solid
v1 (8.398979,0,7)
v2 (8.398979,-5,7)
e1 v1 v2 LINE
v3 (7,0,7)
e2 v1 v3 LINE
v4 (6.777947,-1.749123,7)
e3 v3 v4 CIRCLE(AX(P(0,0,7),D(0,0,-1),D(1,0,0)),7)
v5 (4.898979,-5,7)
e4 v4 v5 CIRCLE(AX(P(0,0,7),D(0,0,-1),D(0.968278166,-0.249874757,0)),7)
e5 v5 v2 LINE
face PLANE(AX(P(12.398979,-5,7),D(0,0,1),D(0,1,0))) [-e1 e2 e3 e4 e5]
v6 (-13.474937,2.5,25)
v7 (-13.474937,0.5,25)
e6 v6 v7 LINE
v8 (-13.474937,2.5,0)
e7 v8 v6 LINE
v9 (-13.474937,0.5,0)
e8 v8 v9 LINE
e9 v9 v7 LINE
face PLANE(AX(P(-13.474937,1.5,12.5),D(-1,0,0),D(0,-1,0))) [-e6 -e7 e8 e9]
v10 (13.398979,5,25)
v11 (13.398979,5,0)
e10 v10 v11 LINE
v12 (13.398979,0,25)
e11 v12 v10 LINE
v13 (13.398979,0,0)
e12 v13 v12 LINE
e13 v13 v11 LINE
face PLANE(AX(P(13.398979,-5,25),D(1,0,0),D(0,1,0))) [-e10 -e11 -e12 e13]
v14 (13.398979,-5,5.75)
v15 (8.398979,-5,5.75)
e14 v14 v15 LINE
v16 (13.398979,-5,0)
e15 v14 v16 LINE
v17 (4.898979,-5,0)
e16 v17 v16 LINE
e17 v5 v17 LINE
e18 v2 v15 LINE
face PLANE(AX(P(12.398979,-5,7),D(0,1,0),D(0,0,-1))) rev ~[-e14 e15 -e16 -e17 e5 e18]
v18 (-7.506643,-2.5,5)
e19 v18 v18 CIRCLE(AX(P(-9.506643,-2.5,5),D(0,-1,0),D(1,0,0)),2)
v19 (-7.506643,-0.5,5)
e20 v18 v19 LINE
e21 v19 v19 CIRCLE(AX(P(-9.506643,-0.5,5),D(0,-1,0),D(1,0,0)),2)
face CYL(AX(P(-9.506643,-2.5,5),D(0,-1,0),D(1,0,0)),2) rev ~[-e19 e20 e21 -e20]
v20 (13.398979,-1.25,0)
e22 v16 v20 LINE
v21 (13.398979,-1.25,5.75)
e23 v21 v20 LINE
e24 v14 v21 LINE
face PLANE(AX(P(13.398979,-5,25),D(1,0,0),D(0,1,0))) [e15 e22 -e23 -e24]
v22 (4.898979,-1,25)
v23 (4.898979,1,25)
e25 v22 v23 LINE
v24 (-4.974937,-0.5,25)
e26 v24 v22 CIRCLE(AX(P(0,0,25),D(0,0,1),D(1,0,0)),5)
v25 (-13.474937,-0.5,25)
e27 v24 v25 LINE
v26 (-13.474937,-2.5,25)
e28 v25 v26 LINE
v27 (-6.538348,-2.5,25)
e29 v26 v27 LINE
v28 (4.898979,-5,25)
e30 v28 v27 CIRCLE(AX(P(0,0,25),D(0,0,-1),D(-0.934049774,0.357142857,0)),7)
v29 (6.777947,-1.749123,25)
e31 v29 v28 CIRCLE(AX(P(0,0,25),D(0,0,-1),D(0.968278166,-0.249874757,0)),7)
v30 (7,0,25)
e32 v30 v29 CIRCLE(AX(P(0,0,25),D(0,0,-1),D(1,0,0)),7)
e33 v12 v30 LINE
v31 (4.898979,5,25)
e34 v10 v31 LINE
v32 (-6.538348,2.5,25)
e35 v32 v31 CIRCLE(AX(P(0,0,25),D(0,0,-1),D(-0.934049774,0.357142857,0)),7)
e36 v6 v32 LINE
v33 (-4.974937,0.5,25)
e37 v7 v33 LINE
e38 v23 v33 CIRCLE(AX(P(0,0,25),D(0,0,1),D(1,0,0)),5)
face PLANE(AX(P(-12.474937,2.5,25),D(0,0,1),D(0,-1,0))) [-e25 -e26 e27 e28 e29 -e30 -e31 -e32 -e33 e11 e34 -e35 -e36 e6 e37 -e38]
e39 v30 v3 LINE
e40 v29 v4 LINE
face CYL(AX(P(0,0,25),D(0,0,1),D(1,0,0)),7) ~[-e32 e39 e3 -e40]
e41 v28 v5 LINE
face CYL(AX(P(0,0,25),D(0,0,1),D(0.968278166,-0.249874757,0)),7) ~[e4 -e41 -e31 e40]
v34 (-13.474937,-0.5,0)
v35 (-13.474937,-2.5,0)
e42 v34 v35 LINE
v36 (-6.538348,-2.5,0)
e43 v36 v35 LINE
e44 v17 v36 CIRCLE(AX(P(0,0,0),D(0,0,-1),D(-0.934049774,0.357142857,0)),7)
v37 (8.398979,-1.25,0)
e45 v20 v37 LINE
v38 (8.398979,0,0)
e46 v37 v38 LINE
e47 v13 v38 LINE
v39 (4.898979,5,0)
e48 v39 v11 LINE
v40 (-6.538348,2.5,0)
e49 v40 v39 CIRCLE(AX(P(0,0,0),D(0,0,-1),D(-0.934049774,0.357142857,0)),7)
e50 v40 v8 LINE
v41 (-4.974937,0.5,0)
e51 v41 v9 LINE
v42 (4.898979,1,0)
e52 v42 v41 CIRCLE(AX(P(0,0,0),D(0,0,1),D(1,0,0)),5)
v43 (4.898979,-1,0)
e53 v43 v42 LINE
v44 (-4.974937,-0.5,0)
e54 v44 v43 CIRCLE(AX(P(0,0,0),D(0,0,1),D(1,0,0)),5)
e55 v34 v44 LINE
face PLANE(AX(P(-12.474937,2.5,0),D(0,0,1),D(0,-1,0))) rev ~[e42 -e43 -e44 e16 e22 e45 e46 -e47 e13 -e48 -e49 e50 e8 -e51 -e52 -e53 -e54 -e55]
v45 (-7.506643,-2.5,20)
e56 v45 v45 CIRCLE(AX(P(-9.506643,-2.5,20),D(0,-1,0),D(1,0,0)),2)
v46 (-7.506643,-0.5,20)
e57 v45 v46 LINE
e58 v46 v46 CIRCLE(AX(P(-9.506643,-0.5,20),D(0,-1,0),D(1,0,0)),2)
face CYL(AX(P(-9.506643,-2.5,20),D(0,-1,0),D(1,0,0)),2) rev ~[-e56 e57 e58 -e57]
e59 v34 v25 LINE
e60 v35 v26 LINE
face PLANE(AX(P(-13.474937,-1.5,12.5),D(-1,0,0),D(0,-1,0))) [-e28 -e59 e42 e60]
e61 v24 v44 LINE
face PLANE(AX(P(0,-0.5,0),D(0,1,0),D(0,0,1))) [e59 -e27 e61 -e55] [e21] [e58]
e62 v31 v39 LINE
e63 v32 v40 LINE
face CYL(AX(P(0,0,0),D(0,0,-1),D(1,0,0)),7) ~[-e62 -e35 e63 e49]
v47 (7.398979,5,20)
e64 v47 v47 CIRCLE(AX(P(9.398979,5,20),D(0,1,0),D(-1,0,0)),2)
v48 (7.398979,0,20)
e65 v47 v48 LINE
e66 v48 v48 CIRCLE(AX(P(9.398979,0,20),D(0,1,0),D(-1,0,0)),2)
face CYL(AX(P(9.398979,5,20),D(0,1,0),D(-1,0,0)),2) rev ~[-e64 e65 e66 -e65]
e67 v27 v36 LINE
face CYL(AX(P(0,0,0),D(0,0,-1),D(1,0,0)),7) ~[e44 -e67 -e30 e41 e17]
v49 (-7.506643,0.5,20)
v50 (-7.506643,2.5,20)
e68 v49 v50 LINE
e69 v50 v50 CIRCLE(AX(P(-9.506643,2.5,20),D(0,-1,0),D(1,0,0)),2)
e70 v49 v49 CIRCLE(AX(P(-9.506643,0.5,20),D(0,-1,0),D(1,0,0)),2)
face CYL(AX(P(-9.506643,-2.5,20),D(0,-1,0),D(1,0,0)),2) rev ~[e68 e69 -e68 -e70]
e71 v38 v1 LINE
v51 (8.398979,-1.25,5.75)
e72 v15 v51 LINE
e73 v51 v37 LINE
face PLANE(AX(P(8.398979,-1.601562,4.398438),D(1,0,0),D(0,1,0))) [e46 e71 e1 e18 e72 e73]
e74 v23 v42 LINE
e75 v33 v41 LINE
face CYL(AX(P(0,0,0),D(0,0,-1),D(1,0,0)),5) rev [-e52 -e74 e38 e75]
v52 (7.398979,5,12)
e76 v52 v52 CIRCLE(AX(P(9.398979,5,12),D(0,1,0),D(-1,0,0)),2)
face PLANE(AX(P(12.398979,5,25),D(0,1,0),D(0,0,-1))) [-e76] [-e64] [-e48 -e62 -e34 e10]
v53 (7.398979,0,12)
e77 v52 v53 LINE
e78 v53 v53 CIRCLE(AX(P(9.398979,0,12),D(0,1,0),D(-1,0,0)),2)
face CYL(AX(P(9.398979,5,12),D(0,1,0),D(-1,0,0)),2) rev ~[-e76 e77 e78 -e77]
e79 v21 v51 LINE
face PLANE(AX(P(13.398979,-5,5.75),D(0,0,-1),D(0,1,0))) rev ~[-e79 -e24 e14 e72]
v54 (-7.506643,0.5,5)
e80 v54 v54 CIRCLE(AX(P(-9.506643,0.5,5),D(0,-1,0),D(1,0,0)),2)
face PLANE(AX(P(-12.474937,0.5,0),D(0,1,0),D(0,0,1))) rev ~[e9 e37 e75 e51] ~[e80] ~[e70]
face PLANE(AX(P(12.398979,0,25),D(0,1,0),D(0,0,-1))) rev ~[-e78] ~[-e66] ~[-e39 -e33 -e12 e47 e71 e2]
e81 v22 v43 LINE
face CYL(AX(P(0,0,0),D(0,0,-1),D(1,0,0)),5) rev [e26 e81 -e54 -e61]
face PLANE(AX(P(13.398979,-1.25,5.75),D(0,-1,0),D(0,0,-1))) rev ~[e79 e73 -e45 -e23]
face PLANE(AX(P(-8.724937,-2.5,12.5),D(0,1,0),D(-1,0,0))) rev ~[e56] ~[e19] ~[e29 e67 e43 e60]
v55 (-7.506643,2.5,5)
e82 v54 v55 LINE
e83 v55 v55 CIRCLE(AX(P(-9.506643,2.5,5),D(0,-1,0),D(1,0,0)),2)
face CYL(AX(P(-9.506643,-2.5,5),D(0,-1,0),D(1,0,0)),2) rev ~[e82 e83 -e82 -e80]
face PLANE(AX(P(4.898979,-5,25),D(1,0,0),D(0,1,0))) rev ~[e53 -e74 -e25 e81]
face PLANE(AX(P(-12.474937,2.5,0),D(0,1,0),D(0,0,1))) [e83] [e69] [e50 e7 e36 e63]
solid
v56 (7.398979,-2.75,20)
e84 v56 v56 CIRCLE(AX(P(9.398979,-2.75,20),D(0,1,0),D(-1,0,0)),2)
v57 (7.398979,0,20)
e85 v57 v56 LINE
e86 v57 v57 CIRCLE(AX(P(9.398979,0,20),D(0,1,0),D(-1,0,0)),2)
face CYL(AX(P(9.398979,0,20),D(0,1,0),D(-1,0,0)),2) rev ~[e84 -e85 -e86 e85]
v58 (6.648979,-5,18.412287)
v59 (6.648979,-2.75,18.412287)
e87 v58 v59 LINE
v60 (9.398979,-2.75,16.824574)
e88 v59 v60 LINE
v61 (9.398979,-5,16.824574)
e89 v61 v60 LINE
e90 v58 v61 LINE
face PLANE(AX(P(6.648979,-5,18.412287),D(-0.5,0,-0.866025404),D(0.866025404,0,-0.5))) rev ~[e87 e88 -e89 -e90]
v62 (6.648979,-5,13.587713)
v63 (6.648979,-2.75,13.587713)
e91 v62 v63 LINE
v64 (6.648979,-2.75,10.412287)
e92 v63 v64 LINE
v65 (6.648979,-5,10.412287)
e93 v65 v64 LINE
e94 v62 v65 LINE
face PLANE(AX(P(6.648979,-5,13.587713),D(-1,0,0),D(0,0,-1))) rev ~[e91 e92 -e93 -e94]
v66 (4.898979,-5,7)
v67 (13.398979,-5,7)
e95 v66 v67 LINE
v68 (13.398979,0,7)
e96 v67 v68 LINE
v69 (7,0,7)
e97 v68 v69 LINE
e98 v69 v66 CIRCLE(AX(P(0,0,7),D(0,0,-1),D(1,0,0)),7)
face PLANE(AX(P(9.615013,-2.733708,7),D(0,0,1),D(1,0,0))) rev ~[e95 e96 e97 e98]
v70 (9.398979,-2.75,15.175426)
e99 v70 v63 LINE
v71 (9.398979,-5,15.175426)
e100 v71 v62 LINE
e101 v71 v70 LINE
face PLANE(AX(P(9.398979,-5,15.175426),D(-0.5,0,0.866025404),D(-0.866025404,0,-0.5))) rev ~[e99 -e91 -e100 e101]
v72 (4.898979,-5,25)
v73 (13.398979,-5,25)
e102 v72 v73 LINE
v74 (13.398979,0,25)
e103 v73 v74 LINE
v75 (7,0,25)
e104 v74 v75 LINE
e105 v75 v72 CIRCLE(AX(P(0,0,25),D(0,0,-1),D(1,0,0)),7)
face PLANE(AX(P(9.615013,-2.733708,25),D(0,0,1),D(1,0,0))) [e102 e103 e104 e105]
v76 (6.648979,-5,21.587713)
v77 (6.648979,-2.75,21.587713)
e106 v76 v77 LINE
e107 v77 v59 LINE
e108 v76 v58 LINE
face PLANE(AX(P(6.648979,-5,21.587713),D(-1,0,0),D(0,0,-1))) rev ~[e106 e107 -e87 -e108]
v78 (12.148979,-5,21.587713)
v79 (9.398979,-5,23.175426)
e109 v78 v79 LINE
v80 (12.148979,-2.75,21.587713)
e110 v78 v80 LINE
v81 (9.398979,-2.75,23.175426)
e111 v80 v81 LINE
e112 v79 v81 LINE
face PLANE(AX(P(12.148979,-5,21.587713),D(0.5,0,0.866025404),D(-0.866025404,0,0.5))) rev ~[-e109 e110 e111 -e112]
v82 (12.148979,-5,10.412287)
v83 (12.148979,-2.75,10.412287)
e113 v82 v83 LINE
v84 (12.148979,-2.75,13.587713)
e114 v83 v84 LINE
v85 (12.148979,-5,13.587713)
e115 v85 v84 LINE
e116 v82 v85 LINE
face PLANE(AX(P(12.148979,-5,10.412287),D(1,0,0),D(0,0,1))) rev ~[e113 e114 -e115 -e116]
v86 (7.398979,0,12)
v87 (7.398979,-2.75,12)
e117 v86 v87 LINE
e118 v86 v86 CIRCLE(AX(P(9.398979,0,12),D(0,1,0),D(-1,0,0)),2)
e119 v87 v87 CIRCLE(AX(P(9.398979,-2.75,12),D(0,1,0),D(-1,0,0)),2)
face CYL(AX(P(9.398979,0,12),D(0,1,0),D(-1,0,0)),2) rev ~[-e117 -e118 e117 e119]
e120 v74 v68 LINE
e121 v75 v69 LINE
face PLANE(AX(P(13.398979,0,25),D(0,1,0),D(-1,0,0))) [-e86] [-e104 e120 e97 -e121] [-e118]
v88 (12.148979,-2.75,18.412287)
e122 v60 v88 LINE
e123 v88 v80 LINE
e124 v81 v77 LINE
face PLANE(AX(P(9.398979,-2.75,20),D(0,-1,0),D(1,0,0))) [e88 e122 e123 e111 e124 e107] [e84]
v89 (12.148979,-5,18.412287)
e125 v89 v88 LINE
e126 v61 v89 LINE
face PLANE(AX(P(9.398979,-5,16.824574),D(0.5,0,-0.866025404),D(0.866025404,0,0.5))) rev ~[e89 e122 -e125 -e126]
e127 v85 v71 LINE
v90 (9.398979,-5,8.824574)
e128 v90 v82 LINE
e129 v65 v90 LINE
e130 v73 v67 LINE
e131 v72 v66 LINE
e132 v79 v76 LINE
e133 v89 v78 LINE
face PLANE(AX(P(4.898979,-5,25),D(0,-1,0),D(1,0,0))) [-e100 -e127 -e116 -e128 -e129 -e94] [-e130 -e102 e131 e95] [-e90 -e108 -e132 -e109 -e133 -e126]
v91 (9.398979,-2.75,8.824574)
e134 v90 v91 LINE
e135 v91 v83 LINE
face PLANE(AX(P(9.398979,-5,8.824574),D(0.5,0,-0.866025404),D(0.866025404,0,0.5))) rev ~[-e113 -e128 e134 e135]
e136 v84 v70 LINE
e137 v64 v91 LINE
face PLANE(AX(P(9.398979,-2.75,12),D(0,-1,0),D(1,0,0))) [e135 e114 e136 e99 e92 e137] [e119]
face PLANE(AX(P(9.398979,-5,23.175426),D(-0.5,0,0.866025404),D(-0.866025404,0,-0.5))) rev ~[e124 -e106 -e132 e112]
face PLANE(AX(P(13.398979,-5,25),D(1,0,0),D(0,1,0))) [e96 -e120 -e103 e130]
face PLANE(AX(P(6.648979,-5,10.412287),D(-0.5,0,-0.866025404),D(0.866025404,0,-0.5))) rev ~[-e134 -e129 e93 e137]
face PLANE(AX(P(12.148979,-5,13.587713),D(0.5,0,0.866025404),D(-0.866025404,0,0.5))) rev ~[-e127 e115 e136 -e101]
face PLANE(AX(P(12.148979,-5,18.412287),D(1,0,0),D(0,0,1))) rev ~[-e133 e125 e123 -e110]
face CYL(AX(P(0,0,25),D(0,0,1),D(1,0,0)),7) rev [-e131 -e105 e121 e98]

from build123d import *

# Parameters (mm, degrees)
F0_R       = 7
F0_R_2     = 5
F1_DEPTH   = 25
F2_W       = 1
F2_H       = 25
F3_DEPTH   = 25
F4_W       = 7.5
F4_H       = 25
F5_DEPTH   = 2
F7_W       = 5
F7_H       = 10
F8_DEPTH   = 25
F10_DEPTH  = 18
F11_DEPTH  = 2.5
F13_DEPTH  = 18
F14_DEPTH  = 1
F16_DEPTH  = 5
F17_R      = 2
F18_DEPTH  = 12.001
F19_R      = 2
F20_DEPTH  = 9.501
F22_DEPTH  = 18
F23_R      = 2
F24_DEPTH  = 7.001
F26_DEPTH  = 2.25
F6_FACE2_W = 2
F6_FACE2_H = 25
F5_FACE1_W = 2
F5_FACE1_H = 25
F27_DEPTH  = 1


with BuildPart() as f1:
    # F0 (on Top) → F1 (new body)
    with BuildSketch(Plane.XY):
        Circle(F0_R)
        Circle(F0_R_2, mode=Mode.SUBTRACT)
    extrude(amount=F1_DEPTH)

    # F2 (on Right) → F3 (cut)
    with BuildSketch(Plane.YZ):
        with Locations((0, 12.5)):
            Rectangle(F2_W, F2_H)
    extrude(amount=-F3_DEPTH, mode=Mode.SUBTRACT)

    # F6: F5 across plane


with BuildPart() as f5:
    # F4 (on face) → F5 (new body)
    with BuildSketch(Plane(origin=(0, -0.5, 0), x_dir=(-1, 0, 0), z_dir=(0, 1, 0))):
        with Locations((8.7249371855, 12.5)):
            Rectangle(F4_W, F4_H)
    extrude(amount=-F5_DEPTH)


with BuildPart() as f1_1:
    add(f1.part)
    add(f5.part.mirror(Plane.XZ))

    # F7 (on face) → F8 (join)
    with BuildSketch(Plane.XY.offset(25)):
        with Locations((7.3989794856, 0)):
            Rectangle(F7_W, F7_H)
    extrude(amount=-F8_DEPTH)

    # F9 (on face) → F10 (cut)
    with BuildSketch(Plane.XY.offset(25)):
        with BuildLine():
            ThreePointArc((6.7779471585, -1.7491232995), (6.0605035924, -3.5028982582), (4.8989794856, -5))
            Line((4.8989794856, -5), (9.8989794856, -5))
            Line((9.8989794856, -5), (9.8989794856, 0))
            Line((9.8989794856, 0), (6.7779471585, -1.7491232995))
        make_face()
    extrude(amount=-F10_DEPTH, mode=Mode.SUBTRACT)

    # F11 (add): faces of the model
    f11_faces = [f1_1.faces().sort_by_distance(p)[0] for p in [
        (9.8989794856, 1.40625, 10.53125),
        (9.8989794856, 1.40625, 10.53125),
    ]]
    extrude(f11_faces, amount=F11_DEPTH)

    # F12 (on face) → F13 (cut)
    with BuildSketch(Plane.XY.offset(25)):
        with BuildLine():
            ThreePointArc((7, 0), (6.9442649038, -0.8815809352), (6.7779471585, -1.7491232995))
            Line((6.7779471585, -1.7491232995), (9.8989794856, 0))
            Line((9.8989794856, 0), (7, 0))
        make_face()
    extrude(amount=-F13_DEPTH, mode=Mode.SUBTRACT)

    # F14 (add): a face of the model
    f14_faces = [f1_1.faces().sort_by_distance(p)[0] for p in [
        (12.3989794856, 1.40625, 10.53125),
    ]]
    extrude(f14_faces, amount=F14_DEPTH)

    # F15 (on face) → F16 (cut)
    with BuildSketch(Plane.YZ.offset(13.3989794856)):
        Polygon((-5, 5.75), (-1.25, 5.75), (-1.25, 0), (0, 0), (0, 7), (-5, 7), align=None)
    extrude(amount=-F16_DEPTH, mode=Mode.SUBTRACT)

    # F17 (on face) → F18 (cut, through all)
    with BuildSketch(Plane(origin=(0, 5, 0), x_dir=(-1, 0, 0), z_dir=(0, 1, 0))):
        with Locations((-9.3989794856, 20)):
            Circle(F17_R)
        with Locations((-9.3989794856, 12)):
            Circle(F17_R)
    extrude(amount=-F18_DEPTH, mode=Mode.SUBTRACT)


with BuildPart() as f20_tool:
    # F19 (on face) → F20 (new body, through all)
    with BuildSketch(Plane.XZ.offset(2.5)):
        with Locations((-9.5066428004, 20)):
            Circle(F19_R)
        with Locations((-9.5066428004, 5)):
            Circle(F19_R)
    extrude(amount=-F20_DEPTH)


with BuildPart() as f1_2:
    add(f1_1.part)

    # F20: cut by f20_tool
    add(f20_tool.part, mode=Mode.SUBTRACT)



with BuildPart() as f5_1:
    add(f5.part)

    # F20: cut by f20_tool
    add(f20_tool.part, mode=Mode.SUBTRACT)


with BuildPart() as f22:
    # F21 (on face) → F22 (new body)
    with BuildSketch(Plane.XY.offset(25)):
        with BuildLine():
            Line((13.3989794856, -5), (13.3989794856, 0))
            Line((13.3989794856, 0), (7, 0))
            ThreePointArc((7, 0), (6.4534043883, -2.7117470016), (4.8989794856, -5))
            Line((4.8989794856, -5), (13.3989794856, -5))
        make_face()
    extrude(amount=-F22_DEPTH)

    # F23 (on face) → F24 (cut, through all)
    with BuildSketch(Plane(origin=(0, 0, 0), x_dir=(-1, 0, 0), z_dir=(0, 1, 0))):
        with Locations((-9.3989794856, 20)):
            Circle(F23_R)
        with Locations((-9.3989794856, 12)):
            Circle(F23_R)
    extrude(amount=-F24_DEPTH, mode=Mode.SUBTRACT)

    # F25 (on face) → F26 (cut)
    with BuildSketch(Plane.XZ.offset(5)):
        Polygon((9.3989794856, 23.1754264805), (6.6489794856, 21.5877132403), (6.6489794856, 18.4122867597), (9.3989794856, 16.8245735195), (12.1489794856, 18.4122867597), (12.1489794856, 21.5877132403), align=None)
        Polygon((9.3989794856, 15.1754264805), (6.6489794856, 13.5877132403), (6.6489794856, 10.4122867597), (9.3989794856, 8.8245735195), (12.1489794856, 10.4122867597), (12.1489794856, 13.5877132403), align=None)
    extrude(amount=-F26_DEPTH, mode=Mode.SUBTRACT)


with BuildPart() as f1_3:
    add(f1_2.part)

    add(f5_1.part)  # F27 merges F5
    # F6_face2 (on face) + F5_face1 (on face) → F27 (join)
    with BuildSketch(Plane(origin=(-12.4749371855, 1.5, 12.5), x_dir=(0, -1, 0), z_dir=(-1, 0, 0))):
        Rectangle(F6_FACE2_W, F6_FACE2_H)
    with BuildSketch(Plane(origin=(-12.4749371855, -1.5, 12.5), x_dir=(0, -1, 0), z_dir=(-1, 0, 0))):
        Rectangle(F5_FACE1_W, F5_FACE1_H)
    extrude(amount=F27_DEPTH)


solid = Compound([f22.part, f1_3.part])
